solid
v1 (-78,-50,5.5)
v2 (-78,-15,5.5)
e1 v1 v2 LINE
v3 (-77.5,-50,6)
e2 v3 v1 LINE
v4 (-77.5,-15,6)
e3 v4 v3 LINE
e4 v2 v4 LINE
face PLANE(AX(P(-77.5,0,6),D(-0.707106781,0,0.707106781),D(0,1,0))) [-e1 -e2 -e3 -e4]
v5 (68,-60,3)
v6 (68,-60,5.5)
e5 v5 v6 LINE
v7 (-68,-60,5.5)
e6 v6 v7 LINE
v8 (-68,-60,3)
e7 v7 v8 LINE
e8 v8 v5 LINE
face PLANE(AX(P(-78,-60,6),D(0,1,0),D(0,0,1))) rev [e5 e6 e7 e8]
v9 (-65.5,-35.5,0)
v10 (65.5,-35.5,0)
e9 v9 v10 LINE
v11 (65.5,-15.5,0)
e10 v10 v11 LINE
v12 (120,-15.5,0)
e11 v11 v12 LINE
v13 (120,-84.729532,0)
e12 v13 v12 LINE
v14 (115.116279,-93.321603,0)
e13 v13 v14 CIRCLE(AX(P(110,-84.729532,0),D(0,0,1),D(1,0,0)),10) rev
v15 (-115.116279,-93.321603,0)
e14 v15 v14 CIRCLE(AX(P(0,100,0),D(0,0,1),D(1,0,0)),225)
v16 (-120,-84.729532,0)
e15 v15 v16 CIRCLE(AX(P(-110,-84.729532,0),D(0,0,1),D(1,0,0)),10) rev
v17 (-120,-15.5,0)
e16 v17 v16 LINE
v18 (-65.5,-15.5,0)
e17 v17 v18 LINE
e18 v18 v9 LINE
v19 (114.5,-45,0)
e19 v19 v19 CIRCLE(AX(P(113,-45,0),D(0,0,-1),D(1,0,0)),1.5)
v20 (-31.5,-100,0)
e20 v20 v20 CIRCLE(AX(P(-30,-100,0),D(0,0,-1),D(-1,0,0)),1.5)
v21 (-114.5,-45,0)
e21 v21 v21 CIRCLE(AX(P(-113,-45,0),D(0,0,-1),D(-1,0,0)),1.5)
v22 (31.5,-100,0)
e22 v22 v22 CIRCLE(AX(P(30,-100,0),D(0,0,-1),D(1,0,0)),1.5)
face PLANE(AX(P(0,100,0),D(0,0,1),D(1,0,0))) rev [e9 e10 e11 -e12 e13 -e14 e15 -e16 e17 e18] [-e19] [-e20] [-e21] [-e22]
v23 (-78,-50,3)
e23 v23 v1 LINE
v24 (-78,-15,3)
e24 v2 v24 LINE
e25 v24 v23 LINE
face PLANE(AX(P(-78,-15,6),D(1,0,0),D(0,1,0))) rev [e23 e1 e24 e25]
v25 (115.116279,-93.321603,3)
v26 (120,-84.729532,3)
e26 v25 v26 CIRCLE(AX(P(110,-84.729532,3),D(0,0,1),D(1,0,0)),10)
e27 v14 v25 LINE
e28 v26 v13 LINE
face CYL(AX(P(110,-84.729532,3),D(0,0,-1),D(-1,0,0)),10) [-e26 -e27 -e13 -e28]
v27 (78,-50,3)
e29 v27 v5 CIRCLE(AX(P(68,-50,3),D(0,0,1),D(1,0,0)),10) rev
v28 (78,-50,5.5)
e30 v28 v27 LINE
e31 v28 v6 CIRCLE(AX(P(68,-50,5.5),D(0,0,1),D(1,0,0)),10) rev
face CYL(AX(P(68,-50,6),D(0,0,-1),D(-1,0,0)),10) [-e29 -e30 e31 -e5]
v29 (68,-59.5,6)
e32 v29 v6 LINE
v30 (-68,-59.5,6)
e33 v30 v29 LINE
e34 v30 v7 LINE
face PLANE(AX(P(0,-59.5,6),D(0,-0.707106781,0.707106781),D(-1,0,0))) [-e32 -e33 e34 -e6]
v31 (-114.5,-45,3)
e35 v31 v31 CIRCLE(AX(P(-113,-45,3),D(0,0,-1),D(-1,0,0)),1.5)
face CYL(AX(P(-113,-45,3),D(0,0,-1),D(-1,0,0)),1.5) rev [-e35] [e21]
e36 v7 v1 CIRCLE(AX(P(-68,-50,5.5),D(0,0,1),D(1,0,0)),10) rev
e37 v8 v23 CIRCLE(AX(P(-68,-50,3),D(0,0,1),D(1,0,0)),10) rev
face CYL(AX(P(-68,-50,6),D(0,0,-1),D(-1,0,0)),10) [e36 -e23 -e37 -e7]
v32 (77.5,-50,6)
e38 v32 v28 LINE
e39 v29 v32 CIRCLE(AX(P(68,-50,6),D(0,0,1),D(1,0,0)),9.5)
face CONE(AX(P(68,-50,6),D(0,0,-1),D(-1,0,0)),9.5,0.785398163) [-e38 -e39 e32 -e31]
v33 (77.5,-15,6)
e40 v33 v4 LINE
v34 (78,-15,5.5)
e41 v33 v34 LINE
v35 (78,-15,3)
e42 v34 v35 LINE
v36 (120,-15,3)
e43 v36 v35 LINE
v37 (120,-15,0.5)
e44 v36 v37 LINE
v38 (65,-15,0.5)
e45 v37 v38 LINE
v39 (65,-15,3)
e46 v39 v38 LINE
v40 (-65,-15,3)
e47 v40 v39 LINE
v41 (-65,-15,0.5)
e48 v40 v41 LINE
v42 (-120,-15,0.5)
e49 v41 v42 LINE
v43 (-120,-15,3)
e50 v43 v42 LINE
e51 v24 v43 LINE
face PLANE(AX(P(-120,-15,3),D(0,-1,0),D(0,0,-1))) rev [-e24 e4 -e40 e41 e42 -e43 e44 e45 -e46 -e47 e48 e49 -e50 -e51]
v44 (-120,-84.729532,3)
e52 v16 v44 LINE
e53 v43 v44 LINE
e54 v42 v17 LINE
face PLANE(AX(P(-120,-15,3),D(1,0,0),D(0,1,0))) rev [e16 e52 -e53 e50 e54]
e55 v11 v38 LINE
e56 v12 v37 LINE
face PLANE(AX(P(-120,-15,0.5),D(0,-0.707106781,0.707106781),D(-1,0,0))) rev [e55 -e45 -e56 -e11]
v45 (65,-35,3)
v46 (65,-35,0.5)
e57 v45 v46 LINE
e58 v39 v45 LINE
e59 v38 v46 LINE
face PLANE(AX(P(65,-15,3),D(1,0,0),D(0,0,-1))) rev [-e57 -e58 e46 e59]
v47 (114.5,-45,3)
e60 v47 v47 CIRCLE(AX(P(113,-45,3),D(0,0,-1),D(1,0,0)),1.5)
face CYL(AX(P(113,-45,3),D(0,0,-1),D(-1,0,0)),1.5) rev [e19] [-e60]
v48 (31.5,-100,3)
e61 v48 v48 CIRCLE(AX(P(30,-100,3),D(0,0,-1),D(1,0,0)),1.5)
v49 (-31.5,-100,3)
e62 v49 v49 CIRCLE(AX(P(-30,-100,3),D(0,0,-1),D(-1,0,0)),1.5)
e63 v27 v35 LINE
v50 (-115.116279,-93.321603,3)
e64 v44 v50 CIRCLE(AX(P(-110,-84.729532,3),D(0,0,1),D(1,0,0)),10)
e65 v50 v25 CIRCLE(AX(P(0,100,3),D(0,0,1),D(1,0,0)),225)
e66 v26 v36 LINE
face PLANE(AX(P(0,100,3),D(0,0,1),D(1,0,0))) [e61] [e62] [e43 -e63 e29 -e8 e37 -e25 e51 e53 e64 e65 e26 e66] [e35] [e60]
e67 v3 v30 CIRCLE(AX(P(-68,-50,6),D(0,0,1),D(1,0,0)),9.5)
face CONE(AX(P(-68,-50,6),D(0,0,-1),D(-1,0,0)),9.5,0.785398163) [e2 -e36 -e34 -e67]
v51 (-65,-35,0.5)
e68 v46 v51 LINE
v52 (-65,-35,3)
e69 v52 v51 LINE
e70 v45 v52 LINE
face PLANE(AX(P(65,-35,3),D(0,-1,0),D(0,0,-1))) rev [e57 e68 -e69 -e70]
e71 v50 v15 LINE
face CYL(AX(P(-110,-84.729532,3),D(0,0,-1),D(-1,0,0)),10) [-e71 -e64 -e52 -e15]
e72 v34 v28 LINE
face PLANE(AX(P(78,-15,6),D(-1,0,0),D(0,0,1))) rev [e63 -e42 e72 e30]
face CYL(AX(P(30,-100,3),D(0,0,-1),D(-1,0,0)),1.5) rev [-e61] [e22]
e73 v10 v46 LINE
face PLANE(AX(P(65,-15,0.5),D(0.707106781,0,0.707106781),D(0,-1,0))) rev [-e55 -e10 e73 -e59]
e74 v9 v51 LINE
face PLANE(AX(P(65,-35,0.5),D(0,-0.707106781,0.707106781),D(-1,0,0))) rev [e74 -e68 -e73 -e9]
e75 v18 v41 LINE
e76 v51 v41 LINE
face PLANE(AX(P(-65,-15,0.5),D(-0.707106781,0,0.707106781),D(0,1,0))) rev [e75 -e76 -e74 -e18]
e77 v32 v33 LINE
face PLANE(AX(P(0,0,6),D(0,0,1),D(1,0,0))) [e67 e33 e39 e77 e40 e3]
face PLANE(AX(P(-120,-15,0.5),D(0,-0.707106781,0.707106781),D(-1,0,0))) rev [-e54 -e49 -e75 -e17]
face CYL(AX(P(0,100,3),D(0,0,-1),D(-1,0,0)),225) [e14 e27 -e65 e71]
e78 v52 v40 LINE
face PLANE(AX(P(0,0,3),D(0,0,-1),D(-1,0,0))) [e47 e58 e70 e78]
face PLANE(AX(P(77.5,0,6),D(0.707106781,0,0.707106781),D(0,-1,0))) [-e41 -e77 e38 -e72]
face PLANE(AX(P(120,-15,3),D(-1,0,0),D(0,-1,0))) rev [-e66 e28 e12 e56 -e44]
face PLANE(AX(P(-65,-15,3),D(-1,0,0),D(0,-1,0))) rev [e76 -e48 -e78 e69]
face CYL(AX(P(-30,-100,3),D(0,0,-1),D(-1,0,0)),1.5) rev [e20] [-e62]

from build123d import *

# Parameters (mm, degrees)
EXTRUDE_1_DEPTH     = 3
SKETCH_2_W          = 156
SKETCH_2_H          = 45
EXTRUDE_2_DEPTH     = 3
SKETCH_3_R          = 1.5
CUT_EXTRUDE_1_DEPTH = 3
SKETCH_4_W          = 130
SKETCH_4_H          = 20
CUT_EXTRUDE_2_DEPTH = 3
FILLET_1_R          = 10
CHAMFER_1_SIZE      = 0.5
FILLET_2_R          = 10
CHAMFER_2_SIZE      = 0.5


with BuildPart() as part:
    # 草图1 → 凸台-拉伸1 (new body)
    with BuildSketch(Plane.XY):
        with BuildLine():
            Line((-120, -15), (120, -15))
            Line((120, -15), (120, -90.328663107))
            ThreePointArc((120, -90.328663107), (0, -125), (-120, -90.328663107))
            Line((-120, -90.328663107), (-120, -15))
        make_face()
    extrude(amount=EXTRUDE_1_DEPTH)

    # 草图2 → 凸台-拉伸2 (add)
    with BuildSketch(Plane.XY.offset(3)):
        with Locations((0, -37.5)):
            Rectangle(SKETCH_2_W, SKETCH_2_H)
    extrude(amount=EXTRUDE_2_DEPTH)

    # 草图3 → 切除-拉伸1 (cut)
    with BuildSketch(Plane(origin=(0, 0, 0), x_dir=(-1, 0, 0), z_dir=(0, 0, -1))):
        with Locations((30, -100)):
            Circle(SKETCH_3_R)
        with Locations((113, -45)):
            Circle(SKETCH_3_R)
        with Locations(Location((-113, -45, 0), (0, 0, 180))):
            Circle(SKETCH_3_R)
        with Locations(Location((-30, -100, 0), (0, 0, 180))):
            Circle(SKETCH_3_R)
    extrude(amount=-CUT_EXTRUDE_1_DEPTH, mode=Mode.SUBTRACT)

    # 草图4 → 切除-拉伸2 (cut)
    with BuildSketch(Plane(origin=(0, 0, 0), x_dir=(-1, 0, 0), z_dir=(0, 0, -1))):
        with Locations((0, -25)):
            Rectangle(SKETCH_4_W, SKETCH_4_H)
    extrude(amount=-CUT_EXTRUDE_2_DEPTH, mode=Mode.SUBTRACT)

    # 圆角1
    fillet_1_edges = [part.edges().sort_by_distance(p)[0] for p in [
        (120, -90.328663107, 1.5),
        (-120, -90.328663107, 1.5),
    ]]
    fillet(fillet_1_edges, radius=FILLET_1_R)

    # 倒角1
    chamfer_1_edges = [part.edges().sort_by_distance(p)[0] for p in [
        (-92.5, -15, 0),
        (92.5, -15, 0),
        (65, -25, 0),
        (0, -35, 0),
        (-65, -25, 0),
    ]]
    chamfer(chamfer_1_edges, length=CHAMFER_1_SIZE)

    # 圆角2
    fillet_2_edges = [part.edges().sort_by_distance(p)[0] for p in [
        (-78, -60, 4.5),
        (78, -60, 4.5),
    ]]
    fillet(fillet_2_edges, radius=FILLET_2_R)

    # 倒角2
    chamfer_2_edges = [part.edges().sort_by_distance(p)[0] for p in [
        (-75.071067812, -57.071067812, 6),
        (-78, -32.5, 6),
        (0, -60, 6),
        (78, -32.5, 6),
        (75.071067812, -57.071067812, 6),
    ]]
    chamfer(chamfer_2_edges, length=CHAMFER_2_SIZE)


solid = part.part
